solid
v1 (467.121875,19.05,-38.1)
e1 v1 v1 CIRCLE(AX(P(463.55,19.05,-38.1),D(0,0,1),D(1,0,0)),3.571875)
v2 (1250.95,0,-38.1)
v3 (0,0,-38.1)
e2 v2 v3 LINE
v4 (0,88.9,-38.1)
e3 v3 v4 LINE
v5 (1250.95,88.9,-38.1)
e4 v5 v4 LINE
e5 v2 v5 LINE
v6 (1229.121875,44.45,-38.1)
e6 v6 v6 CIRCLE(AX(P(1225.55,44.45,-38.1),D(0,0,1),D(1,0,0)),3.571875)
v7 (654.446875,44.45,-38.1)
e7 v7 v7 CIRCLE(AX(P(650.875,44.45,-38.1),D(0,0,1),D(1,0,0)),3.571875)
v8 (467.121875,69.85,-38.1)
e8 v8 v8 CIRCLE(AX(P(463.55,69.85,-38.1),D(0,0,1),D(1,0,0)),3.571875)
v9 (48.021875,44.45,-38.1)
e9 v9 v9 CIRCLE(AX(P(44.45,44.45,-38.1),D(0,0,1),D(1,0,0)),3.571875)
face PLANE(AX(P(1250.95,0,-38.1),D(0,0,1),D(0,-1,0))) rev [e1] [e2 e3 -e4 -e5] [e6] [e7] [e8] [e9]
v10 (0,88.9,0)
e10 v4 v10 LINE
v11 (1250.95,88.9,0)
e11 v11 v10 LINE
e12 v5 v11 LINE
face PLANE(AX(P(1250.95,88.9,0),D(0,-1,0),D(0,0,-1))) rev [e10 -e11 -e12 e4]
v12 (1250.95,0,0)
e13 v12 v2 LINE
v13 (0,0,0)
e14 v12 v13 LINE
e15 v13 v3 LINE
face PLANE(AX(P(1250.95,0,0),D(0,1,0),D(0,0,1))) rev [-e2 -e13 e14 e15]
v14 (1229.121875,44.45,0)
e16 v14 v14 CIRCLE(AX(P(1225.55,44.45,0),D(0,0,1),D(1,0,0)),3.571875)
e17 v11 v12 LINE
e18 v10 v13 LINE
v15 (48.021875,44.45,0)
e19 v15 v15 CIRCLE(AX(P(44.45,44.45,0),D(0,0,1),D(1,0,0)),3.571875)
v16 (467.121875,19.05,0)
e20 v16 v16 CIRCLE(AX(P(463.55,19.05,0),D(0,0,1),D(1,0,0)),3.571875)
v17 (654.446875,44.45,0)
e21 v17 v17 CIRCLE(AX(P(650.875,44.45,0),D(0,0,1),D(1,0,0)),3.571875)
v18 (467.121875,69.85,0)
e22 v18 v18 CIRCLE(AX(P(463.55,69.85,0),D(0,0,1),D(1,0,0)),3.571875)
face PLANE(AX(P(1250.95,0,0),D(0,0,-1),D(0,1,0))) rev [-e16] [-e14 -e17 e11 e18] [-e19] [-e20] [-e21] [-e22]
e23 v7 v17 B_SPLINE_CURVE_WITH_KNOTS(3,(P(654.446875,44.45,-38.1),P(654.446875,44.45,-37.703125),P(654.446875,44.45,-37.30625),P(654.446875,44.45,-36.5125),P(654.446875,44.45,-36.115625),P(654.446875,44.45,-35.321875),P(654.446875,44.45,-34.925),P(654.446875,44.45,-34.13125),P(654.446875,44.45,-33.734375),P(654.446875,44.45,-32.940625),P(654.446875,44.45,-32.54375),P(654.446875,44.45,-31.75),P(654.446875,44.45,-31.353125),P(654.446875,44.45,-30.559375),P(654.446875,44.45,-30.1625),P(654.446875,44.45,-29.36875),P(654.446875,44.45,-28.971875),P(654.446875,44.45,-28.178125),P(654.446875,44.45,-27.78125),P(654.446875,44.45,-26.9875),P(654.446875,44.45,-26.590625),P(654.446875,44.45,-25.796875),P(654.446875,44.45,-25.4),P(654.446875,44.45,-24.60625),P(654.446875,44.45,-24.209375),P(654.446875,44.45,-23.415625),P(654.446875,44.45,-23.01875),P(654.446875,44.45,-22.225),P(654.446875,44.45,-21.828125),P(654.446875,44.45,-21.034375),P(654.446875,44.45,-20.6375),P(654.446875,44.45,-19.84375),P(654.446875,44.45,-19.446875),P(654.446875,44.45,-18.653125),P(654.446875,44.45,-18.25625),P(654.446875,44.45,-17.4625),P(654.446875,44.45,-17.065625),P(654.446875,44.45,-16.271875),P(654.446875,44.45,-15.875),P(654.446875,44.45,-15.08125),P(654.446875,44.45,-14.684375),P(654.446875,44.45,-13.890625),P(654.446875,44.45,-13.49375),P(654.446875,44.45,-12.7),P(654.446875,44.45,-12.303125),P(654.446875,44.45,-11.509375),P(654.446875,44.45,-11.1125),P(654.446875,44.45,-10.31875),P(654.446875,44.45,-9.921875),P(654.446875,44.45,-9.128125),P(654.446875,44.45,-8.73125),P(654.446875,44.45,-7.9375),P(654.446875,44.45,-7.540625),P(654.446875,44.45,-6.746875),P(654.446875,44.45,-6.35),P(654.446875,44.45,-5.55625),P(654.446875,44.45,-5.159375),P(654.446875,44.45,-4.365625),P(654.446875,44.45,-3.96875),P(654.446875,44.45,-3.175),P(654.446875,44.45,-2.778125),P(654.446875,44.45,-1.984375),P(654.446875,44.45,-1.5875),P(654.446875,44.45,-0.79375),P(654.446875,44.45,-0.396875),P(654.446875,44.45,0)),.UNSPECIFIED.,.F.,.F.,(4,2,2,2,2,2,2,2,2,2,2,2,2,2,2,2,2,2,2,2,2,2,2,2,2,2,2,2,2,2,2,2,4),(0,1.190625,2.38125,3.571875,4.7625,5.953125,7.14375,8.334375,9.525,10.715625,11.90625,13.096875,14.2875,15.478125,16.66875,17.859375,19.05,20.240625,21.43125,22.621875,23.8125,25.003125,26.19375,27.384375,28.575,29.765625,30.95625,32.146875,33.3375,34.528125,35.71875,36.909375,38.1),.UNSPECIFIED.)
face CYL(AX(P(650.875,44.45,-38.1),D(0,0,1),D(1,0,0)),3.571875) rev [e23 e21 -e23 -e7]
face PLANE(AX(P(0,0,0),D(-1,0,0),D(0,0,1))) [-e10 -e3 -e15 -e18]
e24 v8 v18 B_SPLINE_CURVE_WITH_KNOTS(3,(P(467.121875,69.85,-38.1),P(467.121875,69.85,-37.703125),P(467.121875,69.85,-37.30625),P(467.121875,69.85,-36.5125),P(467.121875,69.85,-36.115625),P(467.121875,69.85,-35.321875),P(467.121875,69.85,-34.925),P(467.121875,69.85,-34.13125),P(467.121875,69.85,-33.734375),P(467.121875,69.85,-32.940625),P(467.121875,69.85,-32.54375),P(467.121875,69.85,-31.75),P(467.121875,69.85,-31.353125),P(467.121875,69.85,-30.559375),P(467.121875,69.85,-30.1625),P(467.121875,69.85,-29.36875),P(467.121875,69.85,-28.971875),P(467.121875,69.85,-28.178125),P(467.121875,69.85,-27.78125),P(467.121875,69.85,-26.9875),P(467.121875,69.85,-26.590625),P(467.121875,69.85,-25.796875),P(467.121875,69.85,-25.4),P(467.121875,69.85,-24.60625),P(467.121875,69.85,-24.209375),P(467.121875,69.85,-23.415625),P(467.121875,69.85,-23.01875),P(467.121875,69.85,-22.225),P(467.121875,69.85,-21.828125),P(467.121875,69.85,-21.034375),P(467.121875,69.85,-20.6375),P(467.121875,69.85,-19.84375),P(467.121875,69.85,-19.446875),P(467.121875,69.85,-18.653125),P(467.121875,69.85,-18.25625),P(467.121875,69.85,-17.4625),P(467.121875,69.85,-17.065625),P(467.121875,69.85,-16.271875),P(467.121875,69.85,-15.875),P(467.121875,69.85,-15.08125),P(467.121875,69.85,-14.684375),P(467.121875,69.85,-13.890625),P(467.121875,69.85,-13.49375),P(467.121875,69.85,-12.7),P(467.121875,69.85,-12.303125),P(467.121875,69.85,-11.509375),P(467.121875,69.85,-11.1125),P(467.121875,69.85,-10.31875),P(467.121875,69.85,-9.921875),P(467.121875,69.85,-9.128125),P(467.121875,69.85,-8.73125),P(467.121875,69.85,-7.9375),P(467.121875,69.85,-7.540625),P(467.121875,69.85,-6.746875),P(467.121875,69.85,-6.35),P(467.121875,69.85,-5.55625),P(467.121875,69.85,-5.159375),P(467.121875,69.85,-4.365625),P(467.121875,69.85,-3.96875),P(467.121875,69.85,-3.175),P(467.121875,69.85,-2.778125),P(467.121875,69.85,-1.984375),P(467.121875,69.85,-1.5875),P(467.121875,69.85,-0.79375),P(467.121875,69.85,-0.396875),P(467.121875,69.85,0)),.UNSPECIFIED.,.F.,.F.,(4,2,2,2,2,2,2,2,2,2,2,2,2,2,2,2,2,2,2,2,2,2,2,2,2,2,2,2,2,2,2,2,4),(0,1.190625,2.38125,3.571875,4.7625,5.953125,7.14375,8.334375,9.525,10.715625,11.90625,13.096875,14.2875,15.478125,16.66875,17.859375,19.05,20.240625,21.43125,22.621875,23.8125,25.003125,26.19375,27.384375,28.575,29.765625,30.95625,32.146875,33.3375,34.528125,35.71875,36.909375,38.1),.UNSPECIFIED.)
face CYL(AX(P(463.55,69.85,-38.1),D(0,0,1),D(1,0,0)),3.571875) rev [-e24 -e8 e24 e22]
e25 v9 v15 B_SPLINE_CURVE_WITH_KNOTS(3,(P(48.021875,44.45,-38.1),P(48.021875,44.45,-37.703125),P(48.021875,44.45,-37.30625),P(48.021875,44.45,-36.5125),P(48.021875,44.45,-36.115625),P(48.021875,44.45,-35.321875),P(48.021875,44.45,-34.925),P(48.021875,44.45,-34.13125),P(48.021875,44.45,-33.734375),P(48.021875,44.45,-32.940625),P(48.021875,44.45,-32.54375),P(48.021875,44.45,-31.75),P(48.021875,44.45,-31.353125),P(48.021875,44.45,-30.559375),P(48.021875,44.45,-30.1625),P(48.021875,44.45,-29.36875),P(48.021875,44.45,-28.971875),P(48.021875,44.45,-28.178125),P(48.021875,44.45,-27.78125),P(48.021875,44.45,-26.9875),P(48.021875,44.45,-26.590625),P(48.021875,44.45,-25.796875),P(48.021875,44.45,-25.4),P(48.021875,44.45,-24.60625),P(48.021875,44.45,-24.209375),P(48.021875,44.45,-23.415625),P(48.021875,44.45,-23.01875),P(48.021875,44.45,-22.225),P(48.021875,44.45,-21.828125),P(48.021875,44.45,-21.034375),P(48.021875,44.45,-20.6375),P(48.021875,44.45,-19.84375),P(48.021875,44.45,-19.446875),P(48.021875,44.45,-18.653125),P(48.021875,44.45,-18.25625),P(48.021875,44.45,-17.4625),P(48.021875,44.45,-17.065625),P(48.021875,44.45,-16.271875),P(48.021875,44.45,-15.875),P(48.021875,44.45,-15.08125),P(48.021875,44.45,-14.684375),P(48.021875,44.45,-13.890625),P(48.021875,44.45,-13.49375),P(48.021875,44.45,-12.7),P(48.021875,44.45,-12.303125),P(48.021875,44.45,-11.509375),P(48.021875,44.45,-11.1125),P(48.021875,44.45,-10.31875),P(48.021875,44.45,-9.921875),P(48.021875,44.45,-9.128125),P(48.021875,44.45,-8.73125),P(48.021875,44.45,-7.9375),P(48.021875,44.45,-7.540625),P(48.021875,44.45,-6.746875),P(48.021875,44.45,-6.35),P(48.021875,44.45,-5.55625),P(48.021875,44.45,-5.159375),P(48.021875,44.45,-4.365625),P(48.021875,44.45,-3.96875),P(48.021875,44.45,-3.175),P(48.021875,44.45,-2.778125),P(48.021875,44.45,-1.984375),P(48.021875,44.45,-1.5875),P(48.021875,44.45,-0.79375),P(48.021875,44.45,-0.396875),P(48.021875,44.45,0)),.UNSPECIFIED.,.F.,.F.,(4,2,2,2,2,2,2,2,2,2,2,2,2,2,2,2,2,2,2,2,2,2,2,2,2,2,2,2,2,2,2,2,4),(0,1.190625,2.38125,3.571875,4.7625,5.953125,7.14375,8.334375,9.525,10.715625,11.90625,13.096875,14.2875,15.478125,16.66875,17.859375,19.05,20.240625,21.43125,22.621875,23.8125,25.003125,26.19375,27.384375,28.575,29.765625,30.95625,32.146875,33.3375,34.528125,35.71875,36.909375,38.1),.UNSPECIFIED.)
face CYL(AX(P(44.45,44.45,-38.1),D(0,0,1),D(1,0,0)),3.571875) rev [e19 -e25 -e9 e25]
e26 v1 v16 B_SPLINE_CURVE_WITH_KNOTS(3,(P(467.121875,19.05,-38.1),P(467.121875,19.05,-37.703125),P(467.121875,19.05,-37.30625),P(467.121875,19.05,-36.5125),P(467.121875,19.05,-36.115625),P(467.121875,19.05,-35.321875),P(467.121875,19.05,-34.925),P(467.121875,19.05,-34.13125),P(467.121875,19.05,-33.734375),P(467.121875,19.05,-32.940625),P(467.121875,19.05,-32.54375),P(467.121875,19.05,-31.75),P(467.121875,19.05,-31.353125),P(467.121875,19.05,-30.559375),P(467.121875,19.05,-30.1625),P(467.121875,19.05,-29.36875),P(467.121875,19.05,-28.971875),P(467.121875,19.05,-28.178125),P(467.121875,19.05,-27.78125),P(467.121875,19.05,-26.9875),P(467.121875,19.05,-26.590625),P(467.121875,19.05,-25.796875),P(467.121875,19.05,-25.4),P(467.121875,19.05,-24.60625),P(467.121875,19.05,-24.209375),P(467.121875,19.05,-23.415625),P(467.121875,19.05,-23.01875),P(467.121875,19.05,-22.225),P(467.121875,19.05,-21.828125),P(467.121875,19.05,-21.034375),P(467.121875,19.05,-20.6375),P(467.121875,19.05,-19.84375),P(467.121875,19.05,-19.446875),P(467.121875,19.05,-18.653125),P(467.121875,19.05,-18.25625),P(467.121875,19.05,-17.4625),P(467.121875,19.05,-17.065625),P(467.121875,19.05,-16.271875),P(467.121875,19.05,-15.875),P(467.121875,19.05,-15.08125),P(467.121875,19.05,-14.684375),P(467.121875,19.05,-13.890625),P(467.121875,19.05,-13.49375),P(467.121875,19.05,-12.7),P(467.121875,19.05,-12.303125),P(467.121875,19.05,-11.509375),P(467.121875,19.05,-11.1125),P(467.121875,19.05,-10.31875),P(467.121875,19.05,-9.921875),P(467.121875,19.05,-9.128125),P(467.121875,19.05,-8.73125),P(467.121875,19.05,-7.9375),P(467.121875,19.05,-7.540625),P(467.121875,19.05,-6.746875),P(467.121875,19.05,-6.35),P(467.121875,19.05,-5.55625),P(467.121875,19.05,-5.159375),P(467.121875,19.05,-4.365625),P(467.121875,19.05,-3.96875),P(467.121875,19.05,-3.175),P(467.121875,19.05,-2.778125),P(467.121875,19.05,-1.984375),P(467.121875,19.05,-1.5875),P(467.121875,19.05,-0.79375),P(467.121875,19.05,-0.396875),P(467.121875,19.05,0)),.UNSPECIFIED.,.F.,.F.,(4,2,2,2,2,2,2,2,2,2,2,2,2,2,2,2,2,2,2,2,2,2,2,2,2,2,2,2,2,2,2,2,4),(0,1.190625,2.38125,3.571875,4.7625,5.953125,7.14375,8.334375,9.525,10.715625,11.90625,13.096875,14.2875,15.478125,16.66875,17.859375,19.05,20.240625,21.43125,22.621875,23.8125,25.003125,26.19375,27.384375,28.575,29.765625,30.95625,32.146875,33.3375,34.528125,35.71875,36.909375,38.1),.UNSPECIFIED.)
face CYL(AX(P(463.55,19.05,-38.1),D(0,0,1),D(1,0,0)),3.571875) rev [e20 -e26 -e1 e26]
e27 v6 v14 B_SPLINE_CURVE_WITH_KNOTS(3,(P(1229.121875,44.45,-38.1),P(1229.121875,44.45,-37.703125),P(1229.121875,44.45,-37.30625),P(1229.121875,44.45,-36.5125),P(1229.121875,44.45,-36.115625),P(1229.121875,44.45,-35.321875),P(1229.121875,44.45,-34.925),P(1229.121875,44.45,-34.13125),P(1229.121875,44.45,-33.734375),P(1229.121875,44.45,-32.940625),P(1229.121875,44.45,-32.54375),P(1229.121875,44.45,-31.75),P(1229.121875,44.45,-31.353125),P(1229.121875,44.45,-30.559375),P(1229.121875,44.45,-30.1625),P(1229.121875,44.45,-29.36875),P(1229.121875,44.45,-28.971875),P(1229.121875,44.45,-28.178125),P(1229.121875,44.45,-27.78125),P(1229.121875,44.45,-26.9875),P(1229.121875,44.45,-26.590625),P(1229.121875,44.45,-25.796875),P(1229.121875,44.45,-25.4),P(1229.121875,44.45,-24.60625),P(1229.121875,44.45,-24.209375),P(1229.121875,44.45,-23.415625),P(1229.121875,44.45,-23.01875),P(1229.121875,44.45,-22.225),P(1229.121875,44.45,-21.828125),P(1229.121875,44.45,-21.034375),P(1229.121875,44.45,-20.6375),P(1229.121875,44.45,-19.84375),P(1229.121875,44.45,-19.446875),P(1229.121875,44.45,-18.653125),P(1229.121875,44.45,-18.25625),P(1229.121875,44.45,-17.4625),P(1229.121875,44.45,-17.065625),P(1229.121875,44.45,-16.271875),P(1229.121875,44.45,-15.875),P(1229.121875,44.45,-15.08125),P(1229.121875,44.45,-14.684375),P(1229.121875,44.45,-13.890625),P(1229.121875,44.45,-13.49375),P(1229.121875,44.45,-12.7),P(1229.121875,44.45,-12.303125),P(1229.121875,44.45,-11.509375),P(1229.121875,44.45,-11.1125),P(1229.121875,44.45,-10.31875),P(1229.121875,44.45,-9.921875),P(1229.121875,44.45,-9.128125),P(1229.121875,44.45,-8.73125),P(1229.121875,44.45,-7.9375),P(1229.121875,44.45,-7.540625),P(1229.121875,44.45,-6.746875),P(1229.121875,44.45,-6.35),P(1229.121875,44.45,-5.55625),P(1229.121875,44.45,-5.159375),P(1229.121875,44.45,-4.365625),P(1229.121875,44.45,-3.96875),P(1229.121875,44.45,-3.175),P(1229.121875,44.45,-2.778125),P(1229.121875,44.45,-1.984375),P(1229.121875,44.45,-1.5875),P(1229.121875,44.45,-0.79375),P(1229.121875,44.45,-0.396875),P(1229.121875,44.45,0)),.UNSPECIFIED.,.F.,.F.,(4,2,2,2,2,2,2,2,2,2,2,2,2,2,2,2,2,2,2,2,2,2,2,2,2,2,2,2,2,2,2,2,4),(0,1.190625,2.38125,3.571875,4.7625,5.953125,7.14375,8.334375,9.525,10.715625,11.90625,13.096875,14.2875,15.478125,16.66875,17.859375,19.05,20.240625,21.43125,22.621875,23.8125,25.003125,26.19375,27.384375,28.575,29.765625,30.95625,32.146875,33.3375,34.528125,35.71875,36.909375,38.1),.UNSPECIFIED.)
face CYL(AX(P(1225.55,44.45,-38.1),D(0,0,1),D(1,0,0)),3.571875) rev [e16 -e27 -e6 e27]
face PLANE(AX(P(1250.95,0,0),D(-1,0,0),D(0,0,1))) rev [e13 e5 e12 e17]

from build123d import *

# Parameters (mm, degrees)
SKETCH1_W           = 38.1
SKETCH1_H           = 88.9
BOSS_EXTRUDE1_DEPTH = 1250.95
SKETCH2_R           = 3.571875
CUT_EXTRUDE1_DEPTH  = 1255.683514875


with BuildPart() as part:
    # Sketch1 → Boss-Extrude1 (new body)
    with BuildSketch(Plane(origin=(0, 0, 0), x_dir=(0, 0, -1), z_dir=(1, 0, 0))):
        with Locations((19.05, 44.45)):
            Rectangle(SKETCH1_W, SKETCH1_H)
    extrude(amount=BOSS_EXTRUDE1_DEPTH)

    # Sketch2 → Cut-Extrude1 (cut, through all)
    with BuildSketch(Plane.XY):
        with Locations((44.45, 44.45)):
            Circle(SKETCH2_R)
        with Locations((1225.55, 44.45)):
            Circle(SKETCH2_R)
        with Locations((650.875, 44.45)):
            Circle(SKETCH2_R)
        with Locations((463.55, 19.05)):
            Circle(SKETCH2_R)
        with Locations((463.55, 69.85)):
            Circle(SKETCH2_R)
    extrude(amount=-CUT_EXTRUDE1_DEPTH, mode=Mode.SUBTRACT)


solid = part.part
